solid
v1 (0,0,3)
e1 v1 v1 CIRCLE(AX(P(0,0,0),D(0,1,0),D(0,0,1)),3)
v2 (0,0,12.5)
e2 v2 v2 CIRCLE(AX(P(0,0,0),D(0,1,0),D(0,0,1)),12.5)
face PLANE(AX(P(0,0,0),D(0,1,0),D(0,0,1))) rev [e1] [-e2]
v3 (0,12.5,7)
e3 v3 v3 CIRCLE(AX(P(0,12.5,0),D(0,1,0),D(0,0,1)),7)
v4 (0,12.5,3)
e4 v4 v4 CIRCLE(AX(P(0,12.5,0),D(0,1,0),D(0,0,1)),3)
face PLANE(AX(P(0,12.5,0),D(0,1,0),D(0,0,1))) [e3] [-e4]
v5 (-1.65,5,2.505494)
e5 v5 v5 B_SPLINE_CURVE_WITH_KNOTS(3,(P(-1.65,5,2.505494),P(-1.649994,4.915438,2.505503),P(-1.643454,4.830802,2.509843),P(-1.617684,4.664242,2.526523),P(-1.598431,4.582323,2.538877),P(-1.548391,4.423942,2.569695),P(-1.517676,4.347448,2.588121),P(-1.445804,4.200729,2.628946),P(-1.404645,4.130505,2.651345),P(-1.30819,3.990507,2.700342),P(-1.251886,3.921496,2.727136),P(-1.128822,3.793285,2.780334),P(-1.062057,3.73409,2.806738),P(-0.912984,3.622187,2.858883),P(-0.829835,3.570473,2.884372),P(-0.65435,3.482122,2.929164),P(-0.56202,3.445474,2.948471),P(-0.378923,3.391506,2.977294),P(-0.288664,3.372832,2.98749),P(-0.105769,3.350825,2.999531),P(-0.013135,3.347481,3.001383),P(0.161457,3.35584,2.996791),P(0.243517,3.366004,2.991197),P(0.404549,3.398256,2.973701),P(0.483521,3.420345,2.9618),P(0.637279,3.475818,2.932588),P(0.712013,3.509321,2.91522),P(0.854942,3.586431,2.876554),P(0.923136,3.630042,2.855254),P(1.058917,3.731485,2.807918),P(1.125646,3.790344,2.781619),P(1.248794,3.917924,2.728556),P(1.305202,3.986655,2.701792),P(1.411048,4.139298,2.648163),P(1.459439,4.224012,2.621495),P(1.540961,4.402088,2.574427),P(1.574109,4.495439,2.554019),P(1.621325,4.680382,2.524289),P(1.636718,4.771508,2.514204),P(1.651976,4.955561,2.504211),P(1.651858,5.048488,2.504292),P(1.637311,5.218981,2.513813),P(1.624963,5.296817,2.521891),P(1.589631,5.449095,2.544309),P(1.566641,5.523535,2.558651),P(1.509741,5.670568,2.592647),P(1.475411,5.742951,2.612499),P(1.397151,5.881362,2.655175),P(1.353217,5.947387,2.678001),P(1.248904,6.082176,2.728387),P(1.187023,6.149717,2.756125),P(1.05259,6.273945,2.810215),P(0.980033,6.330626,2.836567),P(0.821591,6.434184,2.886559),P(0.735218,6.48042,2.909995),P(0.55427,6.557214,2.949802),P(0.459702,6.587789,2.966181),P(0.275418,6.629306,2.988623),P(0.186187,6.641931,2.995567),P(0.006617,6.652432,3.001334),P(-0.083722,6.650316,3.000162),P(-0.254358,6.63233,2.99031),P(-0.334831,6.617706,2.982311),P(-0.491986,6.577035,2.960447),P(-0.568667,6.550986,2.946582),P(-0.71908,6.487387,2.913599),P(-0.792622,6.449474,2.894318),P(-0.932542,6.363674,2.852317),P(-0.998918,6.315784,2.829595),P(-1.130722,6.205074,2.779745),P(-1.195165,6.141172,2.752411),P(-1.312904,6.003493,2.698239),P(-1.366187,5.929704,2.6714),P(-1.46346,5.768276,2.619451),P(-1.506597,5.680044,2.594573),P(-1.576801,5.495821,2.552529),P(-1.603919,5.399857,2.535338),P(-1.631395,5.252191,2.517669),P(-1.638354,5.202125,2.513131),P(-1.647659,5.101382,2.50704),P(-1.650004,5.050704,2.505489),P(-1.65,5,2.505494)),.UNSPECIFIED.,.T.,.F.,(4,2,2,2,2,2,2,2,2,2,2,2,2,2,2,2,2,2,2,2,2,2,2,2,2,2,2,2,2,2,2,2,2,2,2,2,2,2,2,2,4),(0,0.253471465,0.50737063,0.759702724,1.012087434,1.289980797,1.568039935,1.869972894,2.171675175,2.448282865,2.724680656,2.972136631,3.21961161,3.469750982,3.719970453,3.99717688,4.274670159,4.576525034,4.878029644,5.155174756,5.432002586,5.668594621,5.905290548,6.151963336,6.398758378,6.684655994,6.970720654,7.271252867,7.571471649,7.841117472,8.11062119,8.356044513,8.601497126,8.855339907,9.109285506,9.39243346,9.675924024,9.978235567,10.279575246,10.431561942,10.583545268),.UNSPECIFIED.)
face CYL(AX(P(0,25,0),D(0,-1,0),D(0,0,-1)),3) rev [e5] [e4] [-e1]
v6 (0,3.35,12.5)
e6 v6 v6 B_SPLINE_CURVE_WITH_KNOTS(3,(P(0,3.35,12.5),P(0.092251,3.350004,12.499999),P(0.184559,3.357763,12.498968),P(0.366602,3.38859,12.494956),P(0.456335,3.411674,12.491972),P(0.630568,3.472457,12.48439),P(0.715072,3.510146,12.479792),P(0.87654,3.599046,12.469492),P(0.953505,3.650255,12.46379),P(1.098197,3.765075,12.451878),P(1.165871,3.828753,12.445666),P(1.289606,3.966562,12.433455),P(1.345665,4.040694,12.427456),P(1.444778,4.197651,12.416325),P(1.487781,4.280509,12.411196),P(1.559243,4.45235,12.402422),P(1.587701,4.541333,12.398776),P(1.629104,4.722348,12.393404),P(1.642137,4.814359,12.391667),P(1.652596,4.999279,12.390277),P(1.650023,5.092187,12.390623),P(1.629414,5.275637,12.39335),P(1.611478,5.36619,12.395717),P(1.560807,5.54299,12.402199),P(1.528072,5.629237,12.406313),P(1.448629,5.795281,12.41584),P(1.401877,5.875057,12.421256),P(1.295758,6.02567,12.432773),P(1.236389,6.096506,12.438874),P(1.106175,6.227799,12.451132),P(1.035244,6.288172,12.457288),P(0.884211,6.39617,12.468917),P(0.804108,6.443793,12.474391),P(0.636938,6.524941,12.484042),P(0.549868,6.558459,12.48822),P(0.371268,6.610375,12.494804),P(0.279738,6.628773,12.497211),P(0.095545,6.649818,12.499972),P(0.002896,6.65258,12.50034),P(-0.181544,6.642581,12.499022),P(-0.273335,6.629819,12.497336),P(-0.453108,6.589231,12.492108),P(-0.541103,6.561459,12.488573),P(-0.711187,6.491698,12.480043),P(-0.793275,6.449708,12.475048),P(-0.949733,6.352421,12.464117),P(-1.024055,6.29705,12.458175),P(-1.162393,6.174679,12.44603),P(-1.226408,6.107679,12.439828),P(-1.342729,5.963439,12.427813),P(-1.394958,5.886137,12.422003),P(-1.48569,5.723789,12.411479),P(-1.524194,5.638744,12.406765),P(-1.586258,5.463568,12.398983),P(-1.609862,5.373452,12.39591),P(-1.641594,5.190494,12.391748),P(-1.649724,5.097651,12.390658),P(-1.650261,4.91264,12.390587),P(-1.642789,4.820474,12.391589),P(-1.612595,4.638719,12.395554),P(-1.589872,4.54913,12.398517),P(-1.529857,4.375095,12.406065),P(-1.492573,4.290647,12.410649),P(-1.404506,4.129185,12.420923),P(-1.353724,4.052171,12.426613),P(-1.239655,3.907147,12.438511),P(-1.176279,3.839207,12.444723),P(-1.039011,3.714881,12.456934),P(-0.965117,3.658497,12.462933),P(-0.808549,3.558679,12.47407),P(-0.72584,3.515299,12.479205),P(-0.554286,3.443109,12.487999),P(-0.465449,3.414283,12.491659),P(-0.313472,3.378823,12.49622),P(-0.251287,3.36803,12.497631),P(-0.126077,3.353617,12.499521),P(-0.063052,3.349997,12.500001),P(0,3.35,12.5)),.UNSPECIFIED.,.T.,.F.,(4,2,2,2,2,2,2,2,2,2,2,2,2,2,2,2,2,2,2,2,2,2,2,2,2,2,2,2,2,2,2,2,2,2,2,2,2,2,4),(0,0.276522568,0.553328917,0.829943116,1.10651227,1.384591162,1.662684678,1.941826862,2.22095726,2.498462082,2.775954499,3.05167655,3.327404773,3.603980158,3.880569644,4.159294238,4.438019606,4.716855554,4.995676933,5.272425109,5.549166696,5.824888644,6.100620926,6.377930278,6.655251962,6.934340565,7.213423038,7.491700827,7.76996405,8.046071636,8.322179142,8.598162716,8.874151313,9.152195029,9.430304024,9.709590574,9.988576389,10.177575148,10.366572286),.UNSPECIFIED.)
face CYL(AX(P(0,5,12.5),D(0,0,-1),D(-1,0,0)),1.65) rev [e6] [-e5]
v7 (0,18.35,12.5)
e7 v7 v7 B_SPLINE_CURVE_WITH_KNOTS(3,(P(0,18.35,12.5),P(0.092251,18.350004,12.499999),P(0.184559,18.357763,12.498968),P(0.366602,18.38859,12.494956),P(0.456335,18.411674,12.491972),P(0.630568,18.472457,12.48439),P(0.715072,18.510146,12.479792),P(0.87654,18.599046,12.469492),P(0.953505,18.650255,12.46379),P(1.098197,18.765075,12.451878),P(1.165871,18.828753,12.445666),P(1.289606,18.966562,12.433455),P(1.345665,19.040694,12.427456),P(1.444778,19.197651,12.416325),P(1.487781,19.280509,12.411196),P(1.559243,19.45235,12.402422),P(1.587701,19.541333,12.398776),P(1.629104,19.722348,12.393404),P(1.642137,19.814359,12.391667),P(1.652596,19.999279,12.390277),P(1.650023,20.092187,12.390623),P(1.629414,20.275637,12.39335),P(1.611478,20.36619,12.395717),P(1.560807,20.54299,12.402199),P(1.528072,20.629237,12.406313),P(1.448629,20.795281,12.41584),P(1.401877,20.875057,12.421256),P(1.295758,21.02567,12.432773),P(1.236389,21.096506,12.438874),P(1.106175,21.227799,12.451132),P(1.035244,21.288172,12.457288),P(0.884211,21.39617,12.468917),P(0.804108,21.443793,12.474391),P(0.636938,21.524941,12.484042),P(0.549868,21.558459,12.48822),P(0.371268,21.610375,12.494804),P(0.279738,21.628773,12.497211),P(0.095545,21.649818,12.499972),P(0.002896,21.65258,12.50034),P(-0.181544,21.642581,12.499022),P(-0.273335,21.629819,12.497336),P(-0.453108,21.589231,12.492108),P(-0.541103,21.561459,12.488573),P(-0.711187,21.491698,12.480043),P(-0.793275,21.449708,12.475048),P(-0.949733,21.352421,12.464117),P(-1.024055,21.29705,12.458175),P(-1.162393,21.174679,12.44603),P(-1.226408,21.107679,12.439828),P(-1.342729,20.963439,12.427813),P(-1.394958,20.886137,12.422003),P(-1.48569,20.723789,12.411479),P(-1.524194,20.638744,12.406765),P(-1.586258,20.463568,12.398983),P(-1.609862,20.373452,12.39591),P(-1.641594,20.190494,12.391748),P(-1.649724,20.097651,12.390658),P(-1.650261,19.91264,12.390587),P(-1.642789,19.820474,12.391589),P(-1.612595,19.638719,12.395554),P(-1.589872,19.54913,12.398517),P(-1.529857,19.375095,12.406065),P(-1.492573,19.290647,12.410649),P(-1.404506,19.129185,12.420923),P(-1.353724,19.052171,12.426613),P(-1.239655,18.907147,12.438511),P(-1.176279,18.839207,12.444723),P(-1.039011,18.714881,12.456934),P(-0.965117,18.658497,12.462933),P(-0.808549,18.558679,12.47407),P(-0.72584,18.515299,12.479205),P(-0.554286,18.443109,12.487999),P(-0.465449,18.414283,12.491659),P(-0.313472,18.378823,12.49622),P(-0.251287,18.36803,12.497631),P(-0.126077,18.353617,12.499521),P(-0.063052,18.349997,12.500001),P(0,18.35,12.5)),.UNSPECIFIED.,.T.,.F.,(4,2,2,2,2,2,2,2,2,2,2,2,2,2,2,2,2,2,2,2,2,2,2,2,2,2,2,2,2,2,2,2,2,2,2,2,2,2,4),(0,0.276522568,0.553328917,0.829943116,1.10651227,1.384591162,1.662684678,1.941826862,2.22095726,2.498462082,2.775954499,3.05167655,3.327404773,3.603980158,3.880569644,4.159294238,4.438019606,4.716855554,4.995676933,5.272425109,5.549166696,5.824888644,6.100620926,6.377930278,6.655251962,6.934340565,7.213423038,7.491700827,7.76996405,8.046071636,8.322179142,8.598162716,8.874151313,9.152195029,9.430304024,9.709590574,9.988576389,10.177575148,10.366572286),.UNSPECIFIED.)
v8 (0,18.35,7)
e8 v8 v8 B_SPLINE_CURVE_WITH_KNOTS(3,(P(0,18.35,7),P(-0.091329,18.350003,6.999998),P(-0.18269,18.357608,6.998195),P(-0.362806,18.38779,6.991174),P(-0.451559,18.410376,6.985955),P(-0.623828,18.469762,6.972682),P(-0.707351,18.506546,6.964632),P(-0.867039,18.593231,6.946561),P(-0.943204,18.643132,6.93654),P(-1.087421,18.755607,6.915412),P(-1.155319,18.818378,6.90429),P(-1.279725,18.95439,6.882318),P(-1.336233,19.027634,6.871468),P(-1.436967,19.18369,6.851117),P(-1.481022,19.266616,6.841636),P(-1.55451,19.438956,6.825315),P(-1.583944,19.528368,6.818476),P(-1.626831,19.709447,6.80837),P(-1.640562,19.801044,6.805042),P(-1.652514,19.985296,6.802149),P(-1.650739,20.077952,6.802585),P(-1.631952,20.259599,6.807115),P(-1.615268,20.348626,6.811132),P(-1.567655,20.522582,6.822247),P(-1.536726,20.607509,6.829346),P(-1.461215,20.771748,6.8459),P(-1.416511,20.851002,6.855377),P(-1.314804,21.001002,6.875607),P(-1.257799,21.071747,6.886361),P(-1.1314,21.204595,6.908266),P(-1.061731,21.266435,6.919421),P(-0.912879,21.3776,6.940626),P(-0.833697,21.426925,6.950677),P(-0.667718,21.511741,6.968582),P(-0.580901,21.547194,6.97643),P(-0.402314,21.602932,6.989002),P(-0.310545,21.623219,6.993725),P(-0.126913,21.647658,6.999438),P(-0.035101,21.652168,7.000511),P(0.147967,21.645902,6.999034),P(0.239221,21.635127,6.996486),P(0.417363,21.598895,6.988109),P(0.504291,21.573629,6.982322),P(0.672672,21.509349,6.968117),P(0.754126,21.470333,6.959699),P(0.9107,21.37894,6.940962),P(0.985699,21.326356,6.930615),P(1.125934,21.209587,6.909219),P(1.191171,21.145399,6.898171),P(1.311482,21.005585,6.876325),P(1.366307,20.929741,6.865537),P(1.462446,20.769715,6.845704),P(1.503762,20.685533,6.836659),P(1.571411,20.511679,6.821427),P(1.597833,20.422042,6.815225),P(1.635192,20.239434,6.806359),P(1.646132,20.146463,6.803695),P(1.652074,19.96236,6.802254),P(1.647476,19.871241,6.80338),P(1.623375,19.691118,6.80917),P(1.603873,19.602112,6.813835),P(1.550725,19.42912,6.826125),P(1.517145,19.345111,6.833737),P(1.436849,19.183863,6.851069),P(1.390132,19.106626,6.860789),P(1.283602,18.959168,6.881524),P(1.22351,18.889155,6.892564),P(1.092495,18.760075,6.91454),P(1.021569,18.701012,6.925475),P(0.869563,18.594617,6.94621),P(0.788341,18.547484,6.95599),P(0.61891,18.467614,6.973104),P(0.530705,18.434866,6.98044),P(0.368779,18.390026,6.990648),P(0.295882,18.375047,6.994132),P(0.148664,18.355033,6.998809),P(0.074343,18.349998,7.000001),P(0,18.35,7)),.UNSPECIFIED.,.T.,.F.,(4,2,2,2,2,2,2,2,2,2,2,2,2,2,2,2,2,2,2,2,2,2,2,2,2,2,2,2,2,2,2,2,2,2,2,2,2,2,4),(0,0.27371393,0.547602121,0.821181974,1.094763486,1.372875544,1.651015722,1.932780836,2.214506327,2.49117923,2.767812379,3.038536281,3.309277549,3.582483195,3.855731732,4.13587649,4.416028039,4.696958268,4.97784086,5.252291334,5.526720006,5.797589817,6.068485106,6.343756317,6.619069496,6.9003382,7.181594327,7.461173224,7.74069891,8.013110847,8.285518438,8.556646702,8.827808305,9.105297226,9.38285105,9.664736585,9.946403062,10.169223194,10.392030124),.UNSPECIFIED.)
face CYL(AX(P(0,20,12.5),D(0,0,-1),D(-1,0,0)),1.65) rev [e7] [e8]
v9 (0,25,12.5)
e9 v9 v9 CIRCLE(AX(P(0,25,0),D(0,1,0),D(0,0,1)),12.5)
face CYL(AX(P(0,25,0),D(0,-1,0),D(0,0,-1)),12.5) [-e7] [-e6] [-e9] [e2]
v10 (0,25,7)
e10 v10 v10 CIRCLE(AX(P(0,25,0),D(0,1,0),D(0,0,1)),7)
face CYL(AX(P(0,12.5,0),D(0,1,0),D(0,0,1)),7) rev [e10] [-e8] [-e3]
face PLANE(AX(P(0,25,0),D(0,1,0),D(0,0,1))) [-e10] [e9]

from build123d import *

# Parameters (mm, degrees)
SKETCH1_R           = 12.5
SKETCH1_R_2         = 3
BOSS_EXTRUDE1_DEPTH = 25
SKETCH2_R           = 7
CUT_EXTRUDE1_DEPTH  = 12.5
SKETCH3_R           = 1.65
CUT_EXTRUDE2_DEPTH  = 31.618621785


with BuildPart() as part:
    # Sketch1 → Boss-Extrude1 (new body)
    with BuildSketch(Plane(origin=(0, 0, 0), x_dir=(1, 0, 0), z_dir=(0, 1, 0))):
        with Locations(Location((0, 0, 0), (0, 0, 270))):
            Circle(SKETCH1_R)
        with Locations(Location((0, 0, 0), (0, 0, 270))):
            Circle(SKETCH1_R_2, mode=Mode.SUBTRACT)
    extrude(amount=BOSS_EXTRUDE1_DEPTH)

    # Sketch2 → Cut-Extrude1 (cut)
    with BuildSketch(Plane(origin=(0, 25, 0), x_dir=(1, 0, 0), z_dir=(0, 1, 0))):
        with Locations(Location((0, 0, 0), (0, 0, 270))):
            Circle(SKETCH2_R)
    extrude(amount=-CUT_EXTRUDE1_DEPTH, mode=Mode.SUBTRACT)

    # Sketch3 → Cut-Extrude2 (cut, through all)
    with BuildSketch(Plane.XY):
        with Locations(Location((0, 5, 0), (0, 0, 90.000000006))):
            Circle(SKETCH3_R)
        with Locations(Location((0, 20, 0), (0, 0, 90))):
            Circle(SKETCH3_R)
    extrude(amount=CUT_EXTRUDE2_DEPTH, mode=Mode.SUBTRACT)


solid = part.part
